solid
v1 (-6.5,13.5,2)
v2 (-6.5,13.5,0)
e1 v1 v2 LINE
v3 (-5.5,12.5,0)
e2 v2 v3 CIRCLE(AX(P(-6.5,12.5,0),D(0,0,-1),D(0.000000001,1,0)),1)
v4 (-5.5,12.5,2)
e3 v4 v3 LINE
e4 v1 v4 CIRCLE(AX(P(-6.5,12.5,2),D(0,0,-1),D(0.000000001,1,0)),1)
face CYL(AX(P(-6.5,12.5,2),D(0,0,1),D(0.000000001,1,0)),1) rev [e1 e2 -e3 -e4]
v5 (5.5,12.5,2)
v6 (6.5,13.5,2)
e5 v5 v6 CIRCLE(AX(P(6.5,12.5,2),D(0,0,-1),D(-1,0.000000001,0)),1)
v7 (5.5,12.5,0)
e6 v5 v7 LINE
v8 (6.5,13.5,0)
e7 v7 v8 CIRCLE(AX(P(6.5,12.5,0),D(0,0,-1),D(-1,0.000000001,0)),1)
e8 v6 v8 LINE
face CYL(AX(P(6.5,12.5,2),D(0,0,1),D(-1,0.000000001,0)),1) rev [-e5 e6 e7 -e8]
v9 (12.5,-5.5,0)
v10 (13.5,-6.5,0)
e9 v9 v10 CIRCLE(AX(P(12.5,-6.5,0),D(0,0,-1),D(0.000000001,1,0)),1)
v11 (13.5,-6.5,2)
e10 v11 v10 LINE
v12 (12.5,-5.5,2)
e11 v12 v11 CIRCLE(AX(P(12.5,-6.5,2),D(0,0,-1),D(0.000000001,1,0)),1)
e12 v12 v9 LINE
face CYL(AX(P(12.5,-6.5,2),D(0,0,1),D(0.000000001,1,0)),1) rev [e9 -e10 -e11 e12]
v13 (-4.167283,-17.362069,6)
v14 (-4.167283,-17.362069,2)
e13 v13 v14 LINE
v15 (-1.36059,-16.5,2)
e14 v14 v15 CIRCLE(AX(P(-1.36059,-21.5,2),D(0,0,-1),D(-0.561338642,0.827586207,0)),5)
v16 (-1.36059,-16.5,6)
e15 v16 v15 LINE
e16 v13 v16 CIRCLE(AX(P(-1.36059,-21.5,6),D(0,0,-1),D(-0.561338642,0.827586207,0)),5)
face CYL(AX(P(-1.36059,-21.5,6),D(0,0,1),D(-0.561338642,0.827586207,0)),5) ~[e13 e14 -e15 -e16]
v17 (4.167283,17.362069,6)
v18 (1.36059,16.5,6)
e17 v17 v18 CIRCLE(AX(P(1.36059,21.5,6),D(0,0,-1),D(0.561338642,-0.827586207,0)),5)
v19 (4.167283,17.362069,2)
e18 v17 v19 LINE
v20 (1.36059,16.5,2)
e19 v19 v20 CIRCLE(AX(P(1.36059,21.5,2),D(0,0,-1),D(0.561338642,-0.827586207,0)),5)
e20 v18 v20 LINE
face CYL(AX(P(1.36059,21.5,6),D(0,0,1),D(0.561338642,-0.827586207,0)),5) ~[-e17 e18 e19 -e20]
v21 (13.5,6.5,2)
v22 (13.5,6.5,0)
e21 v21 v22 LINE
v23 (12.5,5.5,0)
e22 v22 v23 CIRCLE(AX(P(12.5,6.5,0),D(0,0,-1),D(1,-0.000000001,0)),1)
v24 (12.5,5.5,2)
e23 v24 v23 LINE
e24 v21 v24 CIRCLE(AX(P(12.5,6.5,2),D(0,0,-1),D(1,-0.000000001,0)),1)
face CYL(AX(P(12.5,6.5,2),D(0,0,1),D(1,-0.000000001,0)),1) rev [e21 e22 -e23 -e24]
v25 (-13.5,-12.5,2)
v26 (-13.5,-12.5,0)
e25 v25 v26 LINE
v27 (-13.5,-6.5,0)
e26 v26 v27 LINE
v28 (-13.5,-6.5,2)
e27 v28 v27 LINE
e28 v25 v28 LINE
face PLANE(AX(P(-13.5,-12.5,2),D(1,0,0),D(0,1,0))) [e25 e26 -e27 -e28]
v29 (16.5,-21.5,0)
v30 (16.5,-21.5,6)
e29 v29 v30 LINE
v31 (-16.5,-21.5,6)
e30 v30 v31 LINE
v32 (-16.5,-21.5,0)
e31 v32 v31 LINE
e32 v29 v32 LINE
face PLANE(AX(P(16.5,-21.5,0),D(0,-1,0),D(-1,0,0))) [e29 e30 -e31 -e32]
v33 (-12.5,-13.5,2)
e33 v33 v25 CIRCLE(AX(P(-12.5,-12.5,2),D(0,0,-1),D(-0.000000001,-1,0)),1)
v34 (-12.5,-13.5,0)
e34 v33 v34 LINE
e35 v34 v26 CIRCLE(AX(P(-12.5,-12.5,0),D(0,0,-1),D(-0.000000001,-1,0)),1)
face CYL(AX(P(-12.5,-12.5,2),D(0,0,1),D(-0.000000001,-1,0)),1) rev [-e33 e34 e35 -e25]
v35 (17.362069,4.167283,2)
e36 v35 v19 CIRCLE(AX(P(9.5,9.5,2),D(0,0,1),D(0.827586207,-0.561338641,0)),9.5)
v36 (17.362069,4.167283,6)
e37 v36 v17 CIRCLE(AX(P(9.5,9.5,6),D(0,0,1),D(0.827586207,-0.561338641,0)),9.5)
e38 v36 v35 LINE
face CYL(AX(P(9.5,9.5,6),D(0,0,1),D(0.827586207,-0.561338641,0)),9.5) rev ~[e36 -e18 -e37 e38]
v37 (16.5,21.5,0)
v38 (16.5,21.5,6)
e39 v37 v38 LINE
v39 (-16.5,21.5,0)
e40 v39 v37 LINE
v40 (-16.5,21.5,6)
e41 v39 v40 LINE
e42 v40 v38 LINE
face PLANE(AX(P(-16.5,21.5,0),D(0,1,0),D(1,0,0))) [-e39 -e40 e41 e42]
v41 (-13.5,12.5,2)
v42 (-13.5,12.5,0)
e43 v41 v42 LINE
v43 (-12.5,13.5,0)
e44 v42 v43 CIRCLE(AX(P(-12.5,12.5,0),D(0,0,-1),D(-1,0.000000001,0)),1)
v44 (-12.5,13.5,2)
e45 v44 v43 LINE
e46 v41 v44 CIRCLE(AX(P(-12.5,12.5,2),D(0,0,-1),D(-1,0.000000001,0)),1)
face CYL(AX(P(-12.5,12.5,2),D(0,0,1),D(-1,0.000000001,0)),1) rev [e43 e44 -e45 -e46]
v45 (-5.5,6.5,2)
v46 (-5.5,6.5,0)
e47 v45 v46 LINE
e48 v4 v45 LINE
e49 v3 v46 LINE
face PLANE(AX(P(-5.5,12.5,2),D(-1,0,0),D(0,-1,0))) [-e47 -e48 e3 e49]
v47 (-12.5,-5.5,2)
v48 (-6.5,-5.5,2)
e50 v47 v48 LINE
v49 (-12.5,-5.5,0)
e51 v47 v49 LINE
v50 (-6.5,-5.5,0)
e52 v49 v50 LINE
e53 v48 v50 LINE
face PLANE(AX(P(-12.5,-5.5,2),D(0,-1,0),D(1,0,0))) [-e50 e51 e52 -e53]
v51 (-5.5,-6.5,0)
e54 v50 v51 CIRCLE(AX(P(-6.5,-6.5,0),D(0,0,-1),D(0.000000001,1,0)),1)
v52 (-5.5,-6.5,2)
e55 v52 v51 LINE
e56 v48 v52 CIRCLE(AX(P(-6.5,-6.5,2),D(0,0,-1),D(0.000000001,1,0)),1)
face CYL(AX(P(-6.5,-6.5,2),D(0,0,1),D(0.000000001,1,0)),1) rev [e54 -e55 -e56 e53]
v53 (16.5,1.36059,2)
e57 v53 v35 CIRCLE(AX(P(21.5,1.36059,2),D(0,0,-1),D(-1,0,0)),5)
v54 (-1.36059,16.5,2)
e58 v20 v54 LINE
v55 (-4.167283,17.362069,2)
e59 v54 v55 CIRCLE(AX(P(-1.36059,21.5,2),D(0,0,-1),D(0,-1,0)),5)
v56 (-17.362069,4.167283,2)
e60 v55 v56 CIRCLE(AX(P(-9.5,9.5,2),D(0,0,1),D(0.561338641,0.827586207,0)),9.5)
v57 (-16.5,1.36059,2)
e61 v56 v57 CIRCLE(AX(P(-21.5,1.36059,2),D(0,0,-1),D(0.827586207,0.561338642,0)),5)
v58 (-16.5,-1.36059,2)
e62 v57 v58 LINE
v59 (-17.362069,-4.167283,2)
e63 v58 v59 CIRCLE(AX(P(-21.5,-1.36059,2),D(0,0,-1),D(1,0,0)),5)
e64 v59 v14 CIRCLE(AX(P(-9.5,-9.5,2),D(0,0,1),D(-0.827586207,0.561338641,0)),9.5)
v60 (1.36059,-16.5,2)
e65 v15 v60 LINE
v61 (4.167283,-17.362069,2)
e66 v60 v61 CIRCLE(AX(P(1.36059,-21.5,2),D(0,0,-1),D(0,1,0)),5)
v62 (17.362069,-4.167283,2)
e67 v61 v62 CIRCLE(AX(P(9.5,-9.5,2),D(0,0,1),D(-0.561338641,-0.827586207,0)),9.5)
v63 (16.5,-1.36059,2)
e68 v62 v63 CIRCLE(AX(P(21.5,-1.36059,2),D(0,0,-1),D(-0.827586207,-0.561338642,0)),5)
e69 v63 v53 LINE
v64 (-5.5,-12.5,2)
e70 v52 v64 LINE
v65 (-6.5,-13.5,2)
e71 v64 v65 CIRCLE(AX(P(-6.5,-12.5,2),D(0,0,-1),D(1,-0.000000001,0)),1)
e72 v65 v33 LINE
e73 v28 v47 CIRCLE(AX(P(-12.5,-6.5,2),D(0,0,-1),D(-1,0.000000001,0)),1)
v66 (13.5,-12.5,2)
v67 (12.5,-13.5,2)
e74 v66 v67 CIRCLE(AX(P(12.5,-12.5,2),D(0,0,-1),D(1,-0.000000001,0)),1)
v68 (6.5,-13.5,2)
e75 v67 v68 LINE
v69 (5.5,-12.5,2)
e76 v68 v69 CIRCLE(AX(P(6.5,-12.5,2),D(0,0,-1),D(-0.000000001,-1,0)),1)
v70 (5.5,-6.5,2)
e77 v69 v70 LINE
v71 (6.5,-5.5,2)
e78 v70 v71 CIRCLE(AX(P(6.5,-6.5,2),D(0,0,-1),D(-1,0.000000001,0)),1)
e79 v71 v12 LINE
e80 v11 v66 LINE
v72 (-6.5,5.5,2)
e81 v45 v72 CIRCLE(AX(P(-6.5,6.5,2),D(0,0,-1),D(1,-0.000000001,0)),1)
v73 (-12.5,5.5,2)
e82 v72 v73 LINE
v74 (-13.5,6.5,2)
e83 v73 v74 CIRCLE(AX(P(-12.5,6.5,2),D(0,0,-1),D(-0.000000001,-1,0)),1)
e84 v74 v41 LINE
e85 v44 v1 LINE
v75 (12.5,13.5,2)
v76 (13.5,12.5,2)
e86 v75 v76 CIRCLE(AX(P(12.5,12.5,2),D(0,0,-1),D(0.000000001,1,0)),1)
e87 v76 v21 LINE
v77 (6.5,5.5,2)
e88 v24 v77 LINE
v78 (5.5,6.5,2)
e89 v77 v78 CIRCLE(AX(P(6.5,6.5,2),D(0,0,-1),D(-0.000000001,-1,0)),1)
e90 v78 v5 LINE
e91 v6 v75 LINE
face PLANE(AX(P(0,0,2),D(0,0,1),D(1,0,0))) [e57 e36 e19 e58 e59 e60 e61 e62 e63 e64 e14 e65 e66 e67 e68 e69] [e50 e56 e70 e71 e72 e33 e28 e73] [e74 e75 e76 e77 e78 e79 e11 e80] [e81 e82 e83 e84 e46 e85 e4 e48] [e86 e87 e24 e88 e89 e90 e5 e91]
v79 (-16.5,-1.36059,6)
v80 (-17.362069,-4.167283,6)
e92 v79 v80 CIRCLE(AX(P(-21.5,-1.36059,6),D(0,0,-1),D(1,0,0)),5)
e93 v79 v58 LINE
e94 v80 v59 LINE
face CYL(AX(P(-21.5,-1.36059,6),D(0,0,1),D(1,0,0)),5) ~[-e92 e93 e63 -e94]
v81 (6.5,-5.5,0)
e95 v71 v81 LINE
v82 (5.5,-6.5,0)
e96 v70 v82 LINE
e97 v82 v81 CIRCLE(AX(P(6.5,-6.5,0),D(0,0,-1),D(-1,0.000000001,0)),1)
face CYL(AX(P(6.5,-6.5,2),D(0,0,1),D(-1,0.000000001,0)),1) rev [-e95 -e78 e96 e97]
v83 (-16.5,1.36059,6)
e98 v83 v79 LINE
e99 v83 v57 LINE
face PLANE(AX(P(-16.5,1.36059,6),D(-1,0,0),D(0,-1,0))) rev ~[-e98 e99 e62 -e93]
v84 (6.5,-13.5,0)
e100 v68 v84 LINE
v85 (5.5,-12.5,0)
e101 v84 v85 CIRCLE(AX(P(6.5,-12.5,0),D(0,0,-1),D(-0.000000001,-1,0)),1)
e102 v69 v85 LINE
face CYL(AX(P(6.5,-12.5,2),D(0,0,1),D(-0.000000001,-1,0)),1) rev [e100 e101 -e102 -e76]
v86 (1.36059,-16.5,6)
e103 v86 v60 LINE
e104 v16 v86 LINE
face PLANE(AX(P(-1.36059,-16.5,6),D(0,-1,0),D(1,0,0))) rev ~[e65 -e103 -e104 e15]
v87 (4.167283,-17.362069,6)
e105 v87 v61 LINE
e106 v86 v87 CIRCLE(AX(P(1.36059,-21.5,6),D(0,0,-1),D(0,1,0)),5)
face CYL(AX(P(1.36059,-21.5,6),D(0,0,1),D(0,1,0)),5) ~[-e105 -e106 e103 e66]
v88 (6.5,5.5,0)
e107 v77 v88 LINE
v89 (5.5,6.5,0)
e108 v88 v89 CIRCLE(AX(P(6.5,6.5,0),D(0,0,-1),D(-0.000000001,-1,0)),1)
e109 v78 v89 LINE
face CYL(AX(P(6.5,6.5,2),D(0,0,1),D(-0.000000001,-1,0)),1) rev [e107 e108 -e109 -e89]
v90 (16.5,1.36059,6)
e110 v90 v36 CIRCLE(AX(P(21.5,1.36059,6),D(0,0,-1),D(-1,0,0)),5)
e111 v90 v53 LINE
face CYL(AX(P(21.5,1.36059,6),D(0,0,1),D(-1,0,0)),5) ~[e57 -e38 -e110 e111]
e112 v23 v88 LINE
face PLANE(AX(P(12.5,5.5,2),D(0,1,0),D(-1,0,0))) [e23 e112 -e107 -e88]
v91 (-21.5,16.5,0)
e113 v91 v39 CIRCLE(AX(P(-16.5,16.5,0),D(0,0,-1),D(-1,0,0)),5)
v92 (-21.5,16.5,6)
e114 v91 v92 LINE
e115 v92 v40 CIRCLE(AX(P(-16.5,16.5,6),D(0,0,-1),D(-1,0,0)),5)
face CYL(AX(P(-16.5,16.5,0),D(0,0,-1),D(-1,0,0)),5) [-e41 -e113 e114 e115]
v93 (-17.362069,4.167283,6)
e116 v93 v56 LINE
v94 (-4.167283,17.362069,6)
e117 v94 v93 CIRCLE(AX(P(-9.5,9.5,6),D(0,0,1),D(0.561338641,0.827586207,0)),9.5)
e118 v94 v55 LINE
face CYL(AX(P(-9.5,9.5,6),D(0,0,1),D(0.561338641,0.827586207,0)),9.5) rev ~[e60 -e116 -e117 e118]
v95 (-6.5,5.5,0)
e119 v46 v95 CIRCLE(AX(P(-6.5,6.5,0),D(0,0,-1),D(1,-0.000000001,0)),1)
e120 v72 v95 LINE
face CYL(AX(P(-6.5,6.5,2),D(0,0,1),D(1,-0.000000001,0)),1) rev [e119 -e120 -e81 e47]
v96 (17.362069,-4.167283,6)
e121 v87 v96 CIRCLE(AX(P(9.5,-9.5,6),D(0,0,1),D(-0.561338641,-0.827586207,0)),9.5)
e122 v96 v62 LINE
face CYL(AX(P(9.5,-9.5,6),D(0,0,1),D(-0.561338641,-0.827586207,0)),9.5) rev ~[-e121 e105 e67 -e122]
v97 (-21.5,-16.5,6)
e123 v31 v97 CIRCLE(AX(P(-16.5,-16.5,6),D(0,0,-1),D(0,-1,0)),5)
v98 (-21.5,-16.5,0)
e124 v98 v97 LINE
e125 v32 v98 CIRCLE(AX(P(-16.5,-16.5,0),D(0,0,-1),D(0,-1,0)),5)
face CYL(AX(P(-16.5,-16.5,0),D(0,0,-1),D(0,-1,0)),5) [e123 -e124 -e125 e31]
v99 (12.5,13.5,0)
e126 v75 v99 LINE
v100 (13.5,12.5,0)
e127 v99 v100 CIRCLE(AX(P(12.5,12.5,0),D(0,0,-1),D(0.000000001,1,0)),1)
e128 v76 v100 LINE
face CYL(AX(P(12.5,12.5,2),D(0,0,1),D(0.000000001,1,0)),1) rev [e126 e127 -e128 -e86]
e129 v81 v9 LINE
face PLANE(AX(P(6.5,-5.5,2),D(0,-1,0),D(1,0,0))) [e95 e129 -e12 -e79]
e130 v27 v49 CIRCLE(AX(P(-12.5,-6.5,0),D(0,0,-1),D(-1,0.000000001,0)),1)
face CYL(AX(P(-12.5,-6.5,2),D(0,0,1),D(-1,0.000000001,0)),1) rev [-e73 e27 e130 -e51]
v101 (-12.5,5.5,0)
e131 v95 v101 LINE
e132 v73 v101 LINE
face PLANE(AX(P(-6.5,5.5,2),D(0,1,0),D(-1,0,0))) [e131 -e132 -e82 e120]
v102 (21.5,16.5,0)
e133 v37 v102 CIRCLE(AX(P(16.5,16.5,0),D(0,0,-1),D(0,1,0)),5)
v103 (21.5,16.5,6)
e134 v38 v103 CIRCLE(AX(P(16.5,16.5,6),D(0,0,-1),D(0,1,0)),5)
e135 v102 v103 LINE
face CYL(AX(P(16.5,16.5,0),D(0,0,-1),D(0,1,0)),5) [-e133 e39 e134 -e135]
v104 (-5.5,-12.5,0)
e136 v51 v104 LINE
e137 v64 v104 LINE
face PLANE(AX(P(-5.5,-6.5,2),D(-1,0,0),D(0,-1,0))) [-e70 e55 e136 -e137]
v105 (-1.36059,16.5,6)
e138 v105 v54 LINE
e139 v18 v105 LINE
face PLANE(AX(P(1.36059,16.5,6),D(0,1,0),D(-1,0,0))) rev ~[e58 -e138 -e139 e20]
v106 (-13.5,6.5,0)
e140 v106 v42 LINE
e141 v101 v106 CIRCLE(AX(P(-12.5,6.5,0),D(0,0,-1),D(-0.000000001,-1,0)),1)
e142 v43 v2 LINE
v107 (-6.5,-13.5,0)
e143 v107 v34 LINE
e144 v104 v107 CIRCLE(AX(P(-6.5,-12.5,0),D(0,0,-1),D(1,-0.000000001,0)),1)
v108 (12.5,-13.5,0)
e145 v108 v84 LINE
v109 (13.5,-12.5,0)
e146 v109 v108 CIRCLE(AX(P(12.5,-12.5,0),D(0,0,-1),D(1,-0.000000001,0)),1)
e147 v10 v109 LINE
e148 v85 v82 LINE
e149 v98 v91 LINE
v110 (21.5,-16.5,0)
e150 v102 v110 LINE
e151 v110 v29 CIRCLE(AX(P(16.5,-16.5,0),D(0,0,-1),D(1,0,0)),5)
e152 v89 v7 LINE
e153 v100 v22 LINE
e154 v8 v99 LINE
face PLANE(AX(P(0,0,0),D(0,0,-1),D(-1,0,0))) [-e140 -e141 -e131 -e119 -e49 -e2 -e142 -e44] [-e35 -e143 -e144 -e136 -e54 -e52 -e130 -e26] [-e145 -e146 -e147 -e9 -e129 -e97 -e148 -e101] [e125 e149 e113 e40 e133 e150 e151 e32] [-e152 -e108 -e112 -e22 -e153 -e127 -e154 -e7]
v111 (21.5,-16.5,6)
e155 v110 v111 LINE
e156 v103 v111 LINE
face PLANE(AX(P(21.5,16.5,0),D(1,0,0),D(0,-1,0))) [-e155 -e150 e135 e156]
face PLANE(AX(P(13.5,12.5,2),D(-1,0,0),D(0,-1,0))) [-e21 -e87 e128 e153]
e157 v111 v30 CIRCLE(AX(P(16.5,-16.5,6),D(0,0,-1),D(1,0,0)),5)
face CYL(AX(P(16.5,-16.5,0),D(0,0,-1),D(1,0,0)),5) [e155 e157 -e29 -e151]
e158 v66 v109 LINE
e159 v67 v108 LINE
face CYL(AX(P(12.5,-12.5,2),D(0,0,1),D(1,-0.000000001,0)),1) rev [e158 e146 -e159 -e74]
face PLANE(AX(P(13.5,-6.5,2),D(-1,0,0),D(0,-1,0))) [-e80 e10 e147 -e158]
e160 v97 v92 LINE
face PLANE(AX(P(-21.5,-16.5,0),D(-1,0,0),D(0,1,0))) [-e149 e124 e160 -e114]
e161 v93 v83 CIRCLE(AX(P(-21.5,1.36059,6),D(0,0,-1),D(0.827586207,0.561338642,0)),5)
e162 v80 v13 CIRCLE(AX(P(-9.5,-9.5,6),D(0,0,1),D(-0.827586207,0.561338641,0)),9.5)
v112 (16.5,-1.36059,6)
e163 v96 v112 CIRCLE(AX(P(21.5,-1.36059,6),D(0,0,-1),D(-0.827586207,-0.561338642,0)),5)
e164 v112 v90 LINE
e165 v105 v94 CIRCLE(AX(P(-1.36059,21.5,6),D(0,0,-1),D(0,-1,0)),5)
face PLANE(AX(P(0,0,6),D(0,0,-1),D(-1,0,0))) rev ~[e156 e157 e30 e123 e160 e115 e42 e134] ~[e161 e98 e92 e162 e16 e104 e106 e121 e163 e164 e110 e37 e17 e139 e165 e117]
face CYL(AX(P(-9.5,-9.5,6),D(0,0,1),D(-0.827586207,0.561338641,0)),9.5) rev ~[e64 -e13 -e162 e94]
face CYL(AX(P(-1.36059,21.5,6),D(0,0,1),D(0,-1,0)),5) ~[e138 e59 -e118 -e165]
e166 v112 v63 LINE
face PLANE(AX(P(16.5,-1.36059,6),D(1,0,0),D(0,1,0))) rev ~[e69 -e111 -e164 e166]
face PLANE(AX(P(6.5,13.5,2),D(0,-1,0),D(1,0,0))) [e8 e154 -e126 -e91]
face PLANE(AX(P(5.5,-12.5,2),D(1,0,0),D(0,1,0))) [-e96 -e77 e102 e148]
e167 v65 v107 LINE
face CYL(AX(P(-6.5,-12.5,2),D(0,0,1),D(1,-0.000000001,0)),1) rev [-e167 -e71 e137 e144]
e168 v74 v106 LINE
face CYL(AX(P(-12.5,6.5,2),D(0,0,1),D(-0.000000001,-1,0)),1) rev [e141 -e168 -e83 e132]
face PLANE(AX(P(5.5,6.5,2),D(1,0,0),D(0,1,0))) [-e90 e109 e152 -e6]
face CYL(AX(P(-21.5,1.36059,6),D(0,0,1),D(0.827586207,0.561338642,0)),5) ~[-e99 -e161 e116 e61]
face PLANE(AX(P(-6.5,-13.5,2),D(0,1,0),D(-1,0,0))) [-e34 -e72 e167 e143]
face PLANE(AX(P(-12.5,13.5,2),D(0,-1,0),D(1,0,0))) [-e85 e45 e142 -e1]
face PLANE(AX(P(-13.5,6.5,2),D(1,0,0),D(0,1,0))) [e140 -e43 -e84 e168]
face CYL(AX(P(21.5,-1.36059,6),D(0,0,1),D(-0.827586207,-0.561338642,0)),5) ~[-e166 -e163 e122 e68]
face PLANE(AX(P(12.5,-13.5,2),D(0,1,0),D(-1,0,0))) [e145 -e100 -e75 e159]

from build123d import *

# Parameters (mm, degrees)
DODANIE_WYCI_GNI_CIE1_DEPTH = 6
WYTNIJ_WYCI_GNI_CIE2_DEPTH  = 4
WYTNIJ_WYCI_GNI_CIE3_DEPTH  = 2


with BuildPart() as part:
    # Szkic1 → Dodanie-wyciągnięcie1 (new body)
    with BuildSketch(Plane.XY):
        with BuildLine():
            Line((-16.5, 21.5), (16.5, 21.5))
            ThreePointArc((16.5, 21.5), (20.035533906, 20.035533906), (21.5, 16.5))
            Line((21.5, 16.5), (21.5, -16.5))
            ThreePointArc((21.5, -16.5), (20.035533906, -20.035533906), (16.5, -21.5))
            Line((16.5, -21.5), (-16.5, -21.5))
            ThreePointArc((-16.5, -21.5), (-20.035533906, -20.035533906), (-21.5, -16.5))
            Line((-21.5, -16.5), (-21.5, 16.5))
            ThreePointArc((-21.5, 16.5), (-20.035533906, 20.035533906), (-16.5, 21.5))
        make_face()
    extrude(amount=DODANIE_WYCI_GNI_CIE1_DEPTH)

    # Szkic2 → Wytnij-wyciągnięcie2 (cut)
    with BuildSketch(Plane.XY.offset(6)):
        with BuildLine():
            Line((-16.5, 1.360589702), (-16.5, -1.360589702))
            ThreePointArc((-16.5, -1.360589702), (-16.720373698, -2.828640251), (-17.362068966, -4.167282908))
            ThreePointArc((-17.362068966, -4.167282908), (-16.217514421, -16.217514421), (-4.167282908, -17.362068966))
            ThreePointArc((-4.167282908, -17.362068966), (-2.828640251, -16.720373698), (-1.360589702, -16.5))
            Line((-1.360589702, -16.5), (1.360589702, -16.5))
            ThreePointArc((1.360589702, -16.5), (2.828640251, -16.720373698), (4.167282908, -17.362068966))
            ThreePointArc((4.167282908, -17.362068966), (16.217514421, -16.217514421), (17.362068966, -4.167282908))
            ThreePointArc((17.362068966, -4.167282908), (16.720373698, -2.828640251), (16.5, -1.360589702))
            Line((16.5, -1.360589702), (16.5, 1.360589702))
            ThreePointArc((16.5, 1.360589702), (16.720373698, 2.828640251), (17.362068966, 4.167282908))
            ThreePointArc((17.362068966, 4.167282908), (16.217514421, 16.217514421), (4.167282908, 17.362068966))
            ThreePointArc((4.167282908, 17.362068966), (2.828640251, 16.720373698), (1.360589702, 16.5))
            Line((1.360589702, 16.5), (-1.360589702, 16.5))
            ThreePointArc((-1.360589702, 16.5), (-2.828640251, 16.720373698), (-4.167282908, 17.362068966))
            ThreePointArc((-4.167282908, 17.362068966), (-16.217514421, 16.217514421), (-17.362068966, 4.167282908))
            ThreePointArc((-17.362068966, 4.167282908), (-16.720373698, 2.828640251), (-16.5, 1.360589702))
        make_face()
    extrude(amount=-WYTNIJ_WYCI_GNI_CIE2_DEPTH, mode=Mode.SUBTRACT)

    # Szkic3 → Wytnij-wyciągnięcie3 (cut)
    with BuildSketch(Plane.XY.offset(2)):
        with BuildLine():
            Line((6.5, -5.5), (12.5, -5.5))
            ThreePointArc((12.5, -5.5), (13.207106781, -5.792893219), (13.5, -6.5))
            Line((13.5, -6.5), (13.5, -12.5))
            ThreePointArc((13.5, -12.5), (13.207106781, -13.207106781), (12.5, -13.5))
            Line((12.5, -13.5), (6.5, -13.5))
            ThreePointArc((6.5, -13.5), (5.792893219, -13.207106781), (5.5, -12.5))
            Line((5.5, -12.5), (5.5, -6.5))
            ThreePointArc((5.5, -6.5), (5.792893219, -5.792893219), (6.5, -5.5))
        make_face()
        with BuildLine():
            Line((6.5, 13.5), (12.5, 13.5))
            ThreePointArc((12.5, 13.5), (13.207106781, 13.207106781), (13.5, 12.5))
            Line((13.5, 12.5), (13.5, 6.5))
            ThreePointArc((13.5, 6.5), (13.207106781, 5.792893219), (12.5, 5.5))
            Line((12.5, 5.5), (6.5, 5.5))
            ThreePointArc((6.5, 5.5), (5.792893219, 5.792893219), (5.5, 6.5))
            Line((5.5, 6.5), (5.5, 12.5))
            ThreePointArc((5.5, 12.5), (5.792893219, 13.207106781), (6.5, 13.5))
        make_face()
        with BuildLine():
            Line((-12.5, -5.5), (-6.5, -5.5))
            ThreePointArc((-6.5, -5.5), (-5.792893219, -5.792893219), (-5.5, -6.5))
            Line((-5.5, -6.5), (-5.5, -12.5))
            ThreePointArc((-5.5, -12.5), (-5.792893219, -13.207106781), (-6.5, -13.5))
            Line((-6.5, -13.5), (-12.5, -13.5))
            ThreePointArc((-12.5, -13.5), (-13.207106781, -13.207106781), (-13.5, -12.5))
            Line((-13.5, -12.5), (-13.5, -6.5))
            ThreePointArc((-13.5, -6.5), (-13.207106781, -5.792893219), (-12.5, -5.5))
        make_face()
        with BuildLine():
            Line((-12.5, 13.5), (-6.5, 13.5))
            ThreePointArc((-6.5, 13.5), (-5.792893219, 13.207106781), (-5.5, 12.5))
            Line((-5.5, 12.5), (-5.5, 6.5))
            ThreePointArc((-5.5, 6.5), (-5.792893219, 5.792893219), (-6.5, 5.5))
            Line((-6.5, 5.5), (-12.5, 5.5))
            ThreePointArc((-12.5, 5.5), (-13.207106781, 5.792893219), (-13.5, 6.5))
            Line((-13.5, 6.5), (-13.5, 12.5))
            ThreePointArc((-13.5, 12.5), (-13.207106781, 13.207106781), (-12.5, 13.5))
        make_face()
    extrude(amount=-WYTNIJ_WYCI_GNI_CIE3_DEPTH, mode=Mode.SUBTRACT)


solid = part.part
